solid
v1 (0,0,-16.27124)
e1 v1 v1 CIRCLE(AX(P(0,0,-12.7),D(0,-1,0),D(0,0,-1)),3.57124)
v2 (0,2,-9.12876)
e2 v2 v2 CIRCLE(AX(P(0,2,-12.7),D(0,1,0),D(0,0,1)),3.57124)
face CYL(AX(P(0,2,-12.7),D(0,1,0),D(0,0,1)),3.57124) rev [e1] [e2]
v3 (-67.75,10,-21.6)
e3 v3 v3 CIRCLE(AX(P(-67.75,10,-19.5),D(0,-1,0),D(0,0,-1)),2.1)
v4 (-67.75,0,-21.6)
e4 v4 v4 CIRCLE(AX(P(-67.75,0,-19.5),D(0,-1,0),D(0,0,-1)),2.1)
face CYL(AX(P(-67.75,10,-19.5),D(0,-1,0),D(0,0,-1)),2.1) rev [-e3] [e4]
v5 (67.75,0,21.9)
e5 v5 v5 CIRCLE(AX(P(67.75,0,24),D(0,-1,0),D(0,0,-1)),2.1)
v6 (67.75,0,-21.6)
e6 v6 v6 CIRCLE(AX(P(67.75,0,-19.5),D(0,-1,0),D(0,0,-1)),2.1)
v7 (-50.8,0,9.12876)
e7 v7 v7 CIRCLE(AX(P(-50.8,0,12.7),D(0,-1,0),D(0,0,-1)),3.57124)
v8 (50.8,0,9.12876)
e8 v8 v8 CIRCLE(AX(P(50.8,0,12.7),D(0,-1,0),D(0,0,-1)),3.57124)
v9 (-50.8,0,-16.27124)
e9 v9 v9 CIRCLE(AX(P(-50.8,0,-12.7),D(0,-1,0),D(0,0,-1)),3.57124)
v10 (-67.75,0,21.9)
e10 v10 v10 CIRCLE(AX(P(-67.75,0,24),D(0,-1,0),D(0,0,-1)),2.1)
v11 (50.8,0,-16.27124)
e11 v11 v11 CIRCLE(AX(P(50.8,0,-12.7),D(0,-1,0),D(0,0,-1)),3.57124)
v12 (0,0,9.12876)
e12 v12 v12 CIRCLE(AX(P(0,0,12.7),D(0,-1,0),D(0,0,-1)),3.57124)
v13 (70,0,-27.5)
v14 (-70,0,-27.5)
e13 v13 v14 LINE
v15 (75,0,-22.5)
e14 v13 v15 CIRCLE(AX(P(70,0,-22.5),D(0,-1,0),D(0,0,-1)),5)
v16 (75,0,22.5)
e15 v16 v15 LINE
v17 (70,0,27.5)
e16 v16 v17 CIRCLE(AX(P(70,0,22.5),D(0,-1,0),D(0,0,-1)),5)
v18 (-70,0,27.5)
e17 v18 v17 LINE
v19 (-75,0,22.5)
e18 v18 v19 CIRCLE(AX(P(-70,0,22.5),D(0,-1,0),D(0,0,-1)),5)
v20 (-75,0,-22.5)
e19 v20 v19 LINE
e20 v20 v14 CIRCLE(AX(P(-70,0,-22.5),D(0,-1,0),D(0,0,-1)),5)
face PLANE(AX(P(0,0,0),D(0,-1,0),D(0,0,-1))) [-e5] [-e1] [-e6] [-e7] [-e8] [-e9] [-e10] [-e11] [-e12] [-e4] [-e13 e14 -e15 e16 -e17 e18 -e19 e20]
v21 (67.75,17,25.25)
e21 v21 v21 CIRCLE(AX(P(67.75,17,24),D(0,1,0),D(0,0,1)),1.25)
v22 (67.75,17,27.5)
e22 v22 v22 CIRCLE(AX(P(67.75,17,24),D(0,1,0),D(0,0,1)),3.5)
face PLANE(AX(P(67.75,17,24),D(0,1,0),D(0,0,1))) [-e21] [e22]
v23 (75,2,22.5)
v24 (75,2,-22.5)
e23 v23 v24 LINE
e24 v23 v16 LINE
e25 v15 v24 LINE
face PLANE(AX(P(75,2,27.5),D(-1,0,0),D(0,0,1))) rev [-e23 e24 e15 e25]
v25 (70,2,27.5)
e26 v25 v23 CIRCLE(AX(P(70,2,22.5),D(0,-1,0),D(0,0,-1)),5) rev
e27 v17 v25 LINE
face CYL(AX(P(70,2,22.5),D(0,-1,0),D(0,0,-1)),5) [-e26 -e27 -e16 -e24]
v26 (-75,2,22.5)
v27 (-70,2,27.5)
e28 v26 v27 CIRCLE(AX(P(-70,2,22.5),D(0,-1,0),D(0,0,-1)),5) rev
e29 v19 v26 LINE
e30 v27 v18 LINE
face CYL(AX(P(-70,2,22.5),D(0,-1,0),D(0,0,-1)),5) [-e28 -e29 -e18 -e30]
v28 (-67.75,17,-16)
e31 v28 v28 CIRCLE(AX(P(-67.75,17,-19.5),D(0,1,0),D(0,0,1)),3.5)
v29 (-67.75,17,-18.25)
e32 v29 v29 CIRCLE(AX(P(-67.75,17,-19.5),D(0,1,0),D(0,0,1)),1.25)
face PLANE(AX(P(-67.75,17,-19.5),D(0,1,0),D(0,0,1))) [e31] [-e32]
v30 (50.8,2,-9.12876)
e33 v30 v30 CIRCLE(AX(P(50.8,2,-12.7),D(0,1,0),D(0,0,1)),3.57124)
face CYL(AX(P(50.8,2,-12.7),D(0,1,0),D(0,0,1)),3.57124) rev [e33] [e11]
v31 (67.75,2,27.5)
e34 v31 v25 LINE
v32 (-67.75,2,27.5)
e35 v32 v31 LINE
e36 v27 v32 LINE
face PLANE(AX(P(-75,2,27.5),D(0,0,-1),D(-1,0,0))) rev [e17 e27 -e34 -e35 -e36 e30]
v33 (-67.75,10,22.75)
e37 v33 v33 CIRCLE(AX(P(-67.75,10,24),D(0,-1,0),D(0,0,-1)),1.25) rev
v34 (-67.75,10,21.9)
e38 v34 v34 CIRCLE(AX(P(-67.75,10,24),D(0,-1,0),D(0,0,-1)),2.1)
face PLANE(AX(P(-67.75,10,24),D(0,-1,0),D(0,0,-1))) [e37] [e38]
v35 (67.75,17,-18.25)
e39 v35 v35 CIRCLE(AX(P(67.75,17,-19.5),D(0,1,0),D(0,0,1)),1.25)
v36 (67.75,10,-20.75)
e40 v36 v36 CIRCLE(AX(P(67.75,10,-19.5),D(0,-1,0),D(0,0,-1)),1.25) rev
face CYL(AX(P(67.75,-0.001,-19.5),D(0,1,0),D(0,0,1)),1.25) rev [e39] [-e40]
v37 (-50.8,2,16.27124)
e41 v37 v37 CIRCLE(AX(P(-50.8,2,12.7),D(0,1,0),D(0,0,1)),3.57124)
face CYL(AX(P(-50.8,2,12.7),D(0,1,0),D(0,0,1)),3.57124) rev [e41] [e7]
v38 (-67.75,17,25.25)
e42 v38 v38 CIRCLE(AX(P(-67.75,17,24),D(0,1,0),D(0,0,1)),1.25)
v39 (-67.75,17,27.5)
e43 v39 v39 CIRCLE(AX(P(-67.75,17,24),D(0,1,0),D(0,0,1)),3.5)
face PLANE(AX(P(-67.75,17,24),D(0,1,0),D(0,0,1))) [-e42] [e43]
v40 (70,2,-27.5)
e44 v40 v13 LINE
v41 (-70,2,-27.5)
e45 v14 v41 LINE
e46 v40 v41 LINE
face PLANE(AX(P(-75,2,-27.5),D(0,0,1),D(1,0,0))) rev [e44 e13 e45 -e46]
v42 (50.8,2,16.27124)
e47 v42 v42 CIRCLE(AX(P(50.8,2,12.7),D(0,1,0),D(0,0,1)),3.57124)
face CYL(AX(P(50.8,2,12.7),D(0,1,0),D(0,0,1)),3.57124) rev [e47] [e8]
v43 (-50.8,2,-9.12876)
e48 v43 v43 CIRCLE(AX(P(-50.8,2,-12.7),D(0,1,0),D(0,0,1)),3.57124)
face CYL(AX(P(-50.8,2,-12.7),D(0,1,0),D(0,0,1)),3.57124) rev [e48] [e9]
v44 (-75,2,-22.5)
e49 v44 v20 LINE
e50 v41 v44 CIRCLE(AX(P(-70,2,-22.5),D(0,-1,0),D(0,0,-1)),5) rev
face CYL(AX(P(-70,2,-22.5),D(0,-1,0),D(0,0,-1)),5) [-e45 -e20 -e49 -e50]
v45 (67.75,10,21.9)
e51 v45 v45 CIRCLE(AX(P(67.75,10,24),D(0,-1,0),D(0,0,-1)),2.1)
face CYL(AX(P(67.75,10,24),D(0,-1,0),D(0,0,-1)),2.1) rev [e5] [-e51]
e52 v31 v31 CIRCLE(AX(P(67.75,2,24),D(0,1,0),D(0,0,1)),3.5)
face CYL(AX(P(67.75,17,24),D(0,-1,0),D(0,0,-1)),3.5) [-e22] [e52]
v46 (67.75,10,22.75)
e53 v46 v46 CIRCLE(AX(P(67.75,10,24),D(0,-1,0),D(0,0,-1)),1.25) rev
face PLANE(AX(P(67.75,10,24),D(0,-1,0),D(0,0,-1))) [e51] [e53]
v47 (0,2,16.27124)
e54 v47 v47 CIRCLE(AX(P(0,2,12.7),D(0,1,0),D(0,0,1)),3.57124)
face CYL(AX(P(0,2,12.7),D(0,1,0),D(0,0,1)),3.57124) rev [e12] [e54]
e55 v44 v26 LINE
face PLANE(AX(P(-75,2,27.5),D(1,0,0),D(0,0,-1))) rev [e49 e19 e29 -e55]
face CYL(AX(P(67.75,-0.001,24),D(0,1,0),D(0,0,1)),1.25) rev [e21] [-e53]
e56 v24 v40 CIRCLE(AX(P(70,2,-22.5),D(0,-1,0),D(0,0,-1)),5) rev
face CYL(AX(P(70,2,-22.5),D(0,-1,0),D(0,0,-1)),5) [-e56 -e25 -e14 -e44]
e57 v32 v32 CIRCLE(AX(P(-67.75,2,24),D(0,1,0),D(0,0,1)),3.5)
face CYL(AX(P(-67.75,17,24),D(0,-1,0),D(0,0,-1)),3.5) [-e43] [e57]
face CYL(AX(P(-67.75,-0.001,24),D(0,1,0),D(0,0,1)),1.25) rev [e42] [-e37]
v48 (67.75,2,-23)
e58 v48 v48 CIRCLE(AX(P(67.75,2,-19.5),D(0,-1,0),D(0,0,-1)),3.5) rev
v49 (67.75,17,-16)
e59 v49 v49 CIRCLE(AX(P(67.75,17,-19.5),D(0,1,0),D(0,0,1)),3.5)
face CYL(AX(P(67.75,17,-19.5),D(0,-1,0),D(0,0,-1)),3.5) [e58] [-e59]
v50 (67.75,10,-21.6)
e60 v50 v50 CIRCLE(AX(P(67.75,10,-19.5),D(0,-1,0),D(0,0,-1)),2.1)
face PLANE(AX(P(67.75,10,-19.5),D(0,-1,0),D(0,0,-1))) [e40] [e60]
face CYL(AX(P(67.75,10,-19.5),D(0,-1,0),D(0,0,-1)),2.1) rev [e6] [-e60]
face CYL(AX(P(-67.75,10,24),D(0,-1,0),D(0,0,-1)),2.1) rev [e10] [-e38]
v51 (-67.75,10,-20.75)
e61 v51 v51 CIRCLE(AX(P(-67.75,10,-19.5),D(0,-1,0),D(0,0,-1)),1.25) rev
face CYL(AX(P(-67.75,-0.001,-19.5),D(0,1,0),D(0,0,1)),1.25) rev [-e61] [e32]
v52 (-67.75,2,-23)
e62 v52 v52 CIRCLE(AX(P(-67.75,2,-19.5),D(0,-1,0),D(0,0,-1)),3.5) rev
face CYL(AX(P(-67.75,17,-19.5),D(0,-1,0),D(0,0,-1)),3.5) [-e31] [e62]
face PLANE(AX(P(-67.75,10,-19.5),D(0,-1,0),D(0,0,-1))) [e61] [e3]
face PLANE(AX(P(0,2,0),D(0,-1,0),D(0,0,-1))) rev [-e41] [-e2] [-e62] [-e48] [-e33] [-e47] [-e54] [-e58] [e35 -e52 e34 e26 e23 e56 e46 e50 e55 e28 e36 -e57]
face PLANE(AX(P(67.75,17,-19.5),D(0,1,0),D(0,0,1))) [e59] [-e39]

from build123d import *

# Parameters (mm, degrees)
SKETCH1_W               = 150
SKETCH1_H               = 55
BOSS_EXTRUDE1_DEPTH     = 2
SKETCH2_R               = 3.5
BOSS_EXTRUDE2_DEPTH     = 15
CUT_EXTRUDE1_REACH      = 83.672
SKETCH3_R               = 1.25
FILLET1_R               = 5
F_1_4_CLEARANCE_HOLE1_D = 7.14248
SKETCH8_R               = 2.1
CUT_EXTRUDE2_DEPTH      = 10


with BuildPart() as part:
    # Sketch1 → Boss-Extrude1 (new body)
    with BuildSketch(Plane(origin=(0, 0, 0), x_dir=(1, 0, 0), z_dir=(0, 1, 0))):
        Rectangle(SKETCH1_W, SKETCH1_H)
    extrude(amount=BOSS_EXTRUDE1_DEPTH)

    # Sketch2 → Boss-Extrude2 (add)
    with BuildSketch(Plane(origin=(0, 2, 0), x_dir=(1, 0, 0), z_dir=(0, 1, 0))):
        with Locations(Location((-67.75, -24, 0), (0, 0, 270))):
            Circle(SKETCH2_R)
        with Locations(Location((-67.75, 19.5, 0), (0, 0, 90))):
            Circle(SKETCH2_R)
        with Locations(Location((67.75, 19.5, 0), (0, 0, 90))):
            Circle(SKETCH2_R)
        with Locations(Location((67.75, -24, 0), (0, 0, 270))):
            Circle(SKETCH2_R)
    extrude(amount=BOSS_EXTRUDE2_DEPTH)

    # Sketch3 → Cut-Extrude1 (cut, up to next)
    with BuildSketch(Plane(origin=(0, 17, 0), x_dir=(1, 0, 0), z_dir=(0, 1, 0)), mode=Mode.PRIVATE) as cut_extrude1_sk1:
        with Locations(Location((-67.75, -24, 0), (0, 0, 270))):
            Circle(SKETCH3_R)
    cut_extrude1_tool1 = extrude(cut_extrude1_sk1.sketch, amount=-CUT_EXTRUDE1_REACH, mode=Mode.PRIVATE) & part.part
    # Sketch3 → Cut-Extrude1 (cut, up to next)
    with BuildSketch(Plane(origin=(0, 17, 0), x_dir=(1, 0, 0), z_dir=(0, 1, 0)), mode=Mode.PRIVATE) as cut_extrude1_sk2:
        with Locations(Location((-67.75, 19.5, 0), (0, 0, 270))):
            Circle(SKETCH3_R)
    cut_extrude1_tool2 = extrude(cut_extrude1_sk2.sketch, amount=-CUT_EXTRUDE1_REACH, mode=Mode.PRIVATE) & part.part
    # Sketch3 → Cut-Extrude1 (cut, up to next)
    with BuildSketch(Plane(origin=(0, 17, 0), x_dir=(1, 0, 0), z_dir=(0, 1, 0)), mode=Mode.PRIVATE) as cut_extrude1_sk3:
        with Locations(Location((67.75, 19.5, 0), (0, 0, 270))):
            Circle(SKETCH3_R)
    cut_extrude1_tool3 = extrude(cut_extrude1_sk3.sketch, amount=-CUT_EXTRUDE1_REACH, mode=Mode.PRIVATE) & part.part
    # Sketch3 → Cut-Extrude1 (cut, up to next)
    with BuildSketch(Plane(origin=(0, 17, 0), x_dir=(1, 0, 0), z_dir=(0, 1, 0)), mode=Mode.PRIVATE) as cut_extrude1_sk4:
        with Locations(Location((67.75, -24, 0), (0, 0, 270))):
            Circle(SKETCH3_R)
    cut_extrude1_tool4 = extrude(cut_extrude1_sk4.sketch, amount=-CUT_EXTRUDE1_REACH, mode=Mode.PRIVATE) & part.part
    add(cut_extrude1_tool1.solids().sort_by_distance((-67.75, 17, 24))[0], mode=Mode.SUBTRACT)
    add(cut_extrude1_tool2.solids().sort_by_distance((-67.75, 17, -19.5))[0], mode=Mode.SUBTRACT)
    add(cut_extrude1_tool3.solids().sort_by_distance((67.75, 17, -19.5))[0], mode=Mode.SUBTRACT)
    add(cut_extrude1_tool4.solids().sort_by_distance((67.75, 17, 24))[0], mode=Mode.SUBTRACT)

    # Fillet1
    fillet1_edges = [part.edges().sort_by_distance(p)[0] for p in [
        (75, 1, 27.5),
        (-75, 1, 27.5),
        (-75, 1, -27.5),
        (75, 1, -27.5),
    ]]
    fillet(fillet1_edges, radius=FILLET1_R)

    # 1/4 Clearance Hole1 (through all)
    with Locations(Plane(origin=(0, 2, 0), x_dir=(1, 0, 0), z_dir=(0, 1, 0))):
        with Locations((-50.8, 12.7), (50.8, 12.7), (50.8, -12.7), (-50.8, -12.7), (0, -12.7), (0, 12.7)):
            Hole(F_1_4_CLEARANCE_HOLE1_D / 2)

    # Sketch8 → Cut-Extrude2 (cut)
    with BuildSketch(Plane.XZ):
        with Locations(Location((-67.75, 24, 0), (0, 0, 270))):
            Circle(SKETCH8_R)
        with Locations(Location((-67.75, -19.5, 0), (0, 0, 270))):
            Circle(SKETCH8_R)
        with Locations(Location((67.75, -19.5, 0), (0, 0, 270))):
            Circle(SKETCH8_R)
        with Locations(Location((67.75, 24, 0), (0, 0, 270))):
            Circle(SKETCH8_R)
    extrude(amount=-CUT_EXTRUDE2_DEPTH, mode=Mode.SUBTRACT)


solid = part.part
